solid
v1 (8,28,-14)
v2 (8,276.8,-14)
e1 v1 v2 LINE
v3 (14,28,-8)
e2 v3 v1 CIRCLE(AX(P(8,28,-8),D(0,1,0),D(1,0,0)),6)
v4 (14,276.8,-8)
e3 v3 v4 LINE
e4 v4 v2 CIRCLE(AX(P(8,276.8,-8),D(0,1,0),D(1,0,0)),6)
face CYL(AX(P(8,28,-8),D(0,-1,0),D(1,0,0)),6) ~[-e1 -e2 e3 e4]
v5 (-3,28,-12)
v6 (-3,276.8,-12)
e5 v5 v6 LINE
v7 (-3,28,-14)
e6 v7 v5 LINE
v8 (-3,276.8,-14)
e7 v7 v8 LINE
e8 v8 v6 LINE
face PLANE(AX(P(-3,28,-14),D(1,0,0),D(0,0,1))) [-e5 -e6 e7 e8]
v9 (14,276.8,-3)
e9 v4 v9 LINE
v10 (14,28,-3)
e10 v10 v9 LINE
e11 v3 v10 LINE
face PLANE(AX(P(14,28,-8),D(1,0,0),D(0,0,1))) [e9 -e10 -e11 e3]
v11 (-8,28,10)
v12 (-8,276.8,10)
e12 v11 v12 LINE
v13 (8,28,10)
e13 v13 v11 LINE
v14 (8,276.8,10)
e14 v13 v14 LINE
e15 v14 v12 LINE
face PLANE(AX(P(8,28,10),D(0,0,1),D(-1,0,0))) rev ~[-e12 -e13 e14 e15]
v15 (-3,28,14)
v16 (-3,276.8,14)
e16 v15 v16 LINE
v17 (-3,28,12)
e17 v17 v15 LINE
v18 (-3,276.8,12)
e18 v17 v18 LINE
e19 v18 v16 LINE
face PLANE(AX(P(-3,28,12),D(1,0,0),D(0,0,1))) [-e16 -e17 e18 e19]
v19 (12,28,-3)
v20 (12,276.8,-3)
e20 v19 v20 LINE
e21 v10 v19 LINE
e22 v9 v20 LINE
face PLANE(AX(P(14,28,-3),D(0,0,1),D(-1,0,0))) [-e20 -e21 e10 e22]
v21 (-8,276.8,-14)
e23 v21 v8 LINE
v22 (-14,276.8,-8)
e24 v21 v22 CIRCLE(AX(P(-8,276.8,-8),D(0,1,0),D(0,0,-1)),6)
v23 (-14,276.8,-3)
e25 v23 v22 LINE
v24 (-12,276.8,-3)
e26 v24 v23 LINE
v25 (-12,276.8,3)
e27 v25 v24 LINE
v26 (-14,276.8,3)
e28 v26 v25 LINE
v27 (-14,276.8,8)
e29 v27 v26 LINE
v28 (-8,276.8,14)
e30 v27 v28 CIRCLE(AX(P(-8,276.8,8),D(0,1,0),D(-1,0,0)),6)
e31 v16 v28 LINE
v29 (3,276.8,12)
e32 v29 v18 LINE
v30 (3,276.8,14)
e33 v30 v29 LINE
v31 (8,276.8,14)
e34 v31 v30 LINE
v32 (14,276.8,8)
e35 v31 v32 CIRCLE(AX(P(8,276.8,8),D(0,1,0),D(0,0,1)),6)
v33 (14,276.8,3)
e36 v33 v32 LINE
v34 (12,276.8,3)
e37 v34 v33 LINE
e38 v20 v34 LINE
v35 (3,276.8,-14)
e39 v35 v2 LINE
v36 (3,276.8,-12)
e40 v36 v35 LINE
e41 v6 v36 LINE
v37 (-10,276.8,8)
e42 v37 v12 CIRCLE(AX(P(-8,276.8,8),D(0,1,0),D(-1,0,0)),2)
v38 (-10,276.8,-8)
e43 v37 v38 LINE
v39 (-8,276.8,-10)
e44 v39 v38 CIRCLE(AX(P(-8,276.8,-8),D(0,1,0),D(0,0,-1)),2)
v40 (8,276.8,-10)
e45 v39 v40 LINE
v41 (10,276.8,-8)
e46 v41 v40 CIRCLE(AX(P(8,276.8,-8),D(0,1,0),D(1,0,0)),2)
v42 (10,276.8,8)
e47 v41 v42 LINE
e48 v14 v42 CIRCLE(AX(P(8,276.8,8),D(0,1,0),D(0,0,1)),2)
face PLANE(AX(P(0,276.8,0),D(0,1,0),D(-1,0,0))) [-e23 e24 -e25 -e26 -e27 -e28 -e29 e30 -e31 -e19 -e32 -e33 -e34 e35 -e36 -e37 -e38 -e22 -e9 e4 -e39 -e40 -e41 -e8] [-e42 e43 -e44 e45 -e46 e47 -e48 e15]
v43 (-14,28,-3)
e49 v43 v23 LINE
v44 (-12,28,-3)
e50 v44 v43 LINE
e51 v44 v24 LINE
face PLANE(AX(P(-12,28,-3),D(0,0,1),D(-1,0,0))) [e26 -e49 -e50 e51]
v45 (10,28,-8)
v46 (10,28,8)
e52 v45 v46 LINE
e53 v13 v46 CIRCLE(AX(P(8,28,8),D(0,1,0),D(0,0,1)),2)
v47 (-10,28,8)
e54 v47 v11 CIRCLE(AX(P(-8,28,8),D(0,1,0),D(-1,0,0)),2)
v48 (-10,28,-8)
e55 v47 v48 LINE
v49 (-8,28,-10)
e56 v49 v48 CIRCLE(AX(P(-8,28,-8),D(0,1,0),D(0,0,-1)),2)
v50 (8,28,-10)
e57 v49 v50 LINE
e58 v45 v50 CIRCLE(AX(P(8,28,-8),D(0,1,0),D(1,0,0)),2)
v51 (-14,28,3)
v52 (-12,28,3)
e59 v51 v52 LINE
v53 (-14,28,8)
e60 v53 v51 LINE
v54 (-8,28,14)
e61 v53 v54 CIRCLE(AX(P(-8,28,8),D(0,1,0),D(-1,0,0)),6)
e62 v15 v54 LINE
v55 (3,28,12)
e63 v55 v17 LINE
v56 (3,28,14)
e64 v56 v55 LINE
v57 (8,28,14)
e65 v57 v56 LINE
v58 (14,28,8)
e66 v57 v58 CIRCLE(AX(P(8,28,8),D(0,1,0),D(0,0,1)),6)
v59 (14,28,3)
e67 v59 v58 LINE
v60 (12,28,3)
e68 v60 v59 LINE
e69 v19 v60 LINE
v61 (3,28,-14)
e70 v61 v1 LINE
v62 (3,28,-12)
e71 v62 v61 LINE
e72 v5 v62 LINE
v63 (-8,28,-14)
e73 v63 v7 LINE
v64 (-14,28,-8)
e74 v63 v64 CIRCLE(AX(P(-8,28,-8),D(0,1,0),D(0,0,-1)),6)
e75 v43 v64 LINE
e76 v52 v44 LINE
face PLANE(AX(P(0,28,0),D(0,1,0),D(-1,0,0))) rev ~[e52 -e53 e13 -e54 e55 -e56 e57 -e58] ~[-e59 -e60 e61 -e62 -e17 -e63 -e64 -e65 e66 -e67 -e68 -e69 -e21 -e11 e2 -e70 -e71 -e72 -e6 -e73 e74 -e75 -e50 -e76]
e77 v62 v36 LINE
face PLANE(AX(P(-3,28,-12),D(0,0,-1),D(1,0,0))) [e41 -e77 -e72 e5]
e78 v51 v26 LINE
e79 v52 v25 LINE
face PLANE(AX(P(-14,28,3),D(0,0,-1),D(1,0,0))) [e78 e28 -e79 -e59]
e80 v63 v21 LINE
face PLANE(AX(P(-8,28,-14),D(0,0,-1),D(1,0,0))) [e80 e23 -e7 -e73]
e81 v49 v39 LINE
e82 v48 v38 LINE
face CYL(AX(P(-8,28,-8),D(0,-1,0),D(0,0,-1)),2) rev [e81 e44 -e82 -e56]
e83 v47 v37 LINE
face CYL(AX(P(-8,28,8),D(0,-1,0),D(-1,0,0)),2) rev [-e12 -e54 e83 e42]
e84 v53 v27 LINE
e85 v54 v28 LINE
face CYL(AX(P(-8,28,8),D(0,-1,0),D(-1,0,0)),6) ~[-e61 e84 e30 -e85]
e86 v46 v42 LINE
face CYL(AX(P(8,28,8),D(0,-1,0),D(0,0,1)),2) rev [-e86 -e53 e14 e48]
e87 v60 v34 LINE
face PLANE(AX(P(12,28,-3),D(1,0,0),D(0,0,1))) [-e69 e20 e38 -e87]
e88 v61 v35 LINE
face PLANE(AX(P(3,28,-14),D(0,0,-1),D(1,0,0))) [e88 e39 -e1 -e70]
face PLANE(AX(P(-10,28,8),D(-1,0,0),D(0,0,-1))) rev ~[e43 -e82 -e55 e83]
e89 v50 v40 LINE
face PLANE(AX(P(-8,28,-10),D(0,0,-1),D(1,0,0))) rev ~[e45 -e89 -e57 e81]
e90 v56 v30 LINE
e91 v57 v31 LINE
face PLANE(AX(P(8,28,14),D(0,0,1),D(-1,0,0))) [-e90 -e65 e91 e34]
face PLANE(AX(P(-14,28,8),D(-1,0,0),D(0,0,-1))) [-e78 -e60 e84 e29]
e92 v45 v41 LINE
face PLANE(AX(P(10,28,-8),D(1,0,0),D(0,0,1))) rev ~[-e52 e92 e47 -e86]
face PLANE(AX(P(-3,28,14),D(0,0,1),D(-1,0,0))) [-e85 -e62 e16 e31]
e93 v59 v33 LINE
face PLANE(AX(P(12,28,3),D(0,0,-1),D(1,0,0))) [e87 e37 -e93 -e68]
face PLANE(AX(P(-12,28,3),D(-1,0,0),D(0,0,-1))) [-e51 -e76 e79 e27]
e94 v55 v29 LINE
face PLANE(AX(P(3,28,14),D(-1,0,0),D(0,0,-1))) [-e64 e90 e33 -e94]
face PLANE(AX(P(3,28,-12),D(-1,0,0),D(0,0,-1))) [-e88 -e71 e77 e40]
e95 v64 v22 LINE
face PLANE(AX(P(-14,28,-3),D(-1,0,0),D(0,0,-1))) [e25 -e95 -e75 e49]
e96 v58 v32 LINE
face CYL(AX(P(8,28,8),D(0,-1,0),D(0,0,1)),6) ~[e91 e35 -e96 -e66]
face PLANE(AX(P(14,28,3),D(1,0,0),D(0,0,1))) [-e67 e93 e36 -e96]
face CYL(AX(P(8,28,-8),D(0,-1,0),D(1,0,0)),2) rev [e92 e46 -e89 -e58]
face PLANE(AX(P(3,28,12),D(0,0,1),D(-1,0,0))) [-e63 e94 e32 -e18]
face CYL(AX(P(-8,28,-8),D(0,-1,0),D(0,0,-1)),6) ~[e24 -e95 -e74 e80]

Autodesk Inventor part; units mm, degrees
ref_plane "Start Plane" through (0, 28, 0) normal (0, 1, 0) x (-1, 0, 0)
ref_plane "End Plane" through (0, 276.8, 0) normal (0, 1, 0) x (-1, 0, 0)
sketch "Sketch" plane through (0, 0, 0) normal (0, 1, 0) x (-1, 0, 0)
  line L0 (8, -10) -> (-8, -10)
  line L1 (-10, -8) -> (-10, 8)
  line L2 (-8, 10) -> (8, 10)
  line L3 (10, 8) -> (10, -8)
  line L4 (10, -10) -> (-10, 10) construction
  line L5 (-10, -10) -> (10, 10) construction
  line L6 (14, -14) -> (-14, 14) construction
  line L7 (-14, -14) -> (14, 14) construction
  arc A0 (8, -10) -> (10, -8) centre (8, -8) ccw
  arc A1 (-10, -8) -> (-8, -10) centre (-8, -8) ccw
  arc A2 (-8, 10) -> (-10, 8) centre (-8, 8) ccw
  arc A3 (10, 8) -> (8, 10) centre (8, 8) ccw
  arc A4 (8, -14) -> (14, -8) centre (8, -8) ccw
  arc A5 (-14, -8) -> (-8, -14) centre (-8, -8) ccw
  arc A6 (-8, 14) -> (-14, 8) centre (-8, 8) ccw
  arc A7 (14, 8) -> (8, 14) centre (8, 8) ccw
  line L8 (3, -14) -> (3, -12)
  line L9 (3, -12) -> (-3, -12)
  line L10 (-3, -12) -> (-3, -14)
  line L11 (-14, -3) -> (-12, -3)
  line L12 (-12, -3) -> (-12, 3)
  line L13 (-12, 3) -> (-14, 3)
  line L14 (-3, 14) -> (-3, 12)
  line L15 (-3, 12) -> (3, 12)
  line L16 (3, 12) -> (3, 14)
  line L17 (14, 3) -> (12, 3)
  line L18 (12, 3) -> (12, -3)
  line L19 (12, -3) -> (14, -3)
  line L20 (0, -10) -> (0, -12) construction
  line L21 (-10, 0) -> (-12, 0) construction
  line L22 (0, 10) -> (0, 12) construction
  line L23 (10, 0) -> (12, 0) construction
  line L24 (14, 8) -> (14, 3)
  line L25 (14, -3) -> (14, -8)
  line L26 (8, -14) -> (3, -14)
  line L27 (-3, -14) -> (-8, -14)
  line L28 (-14, -8) -> (-14, -3)
  line L29 (-14, 3) -> (-14, 8)
  line L30 (-8, 14) -> (-3, 14)
  line L31 (3, 14) -> (8, 14)
  point P0 (0, 0)
  dimension "d1" = 20
  dimension "d2" = 2
  dimension "d3" = 6
  dimension "d4" = 20
  dimension "d5" = 6
  dimension "d6" = 2
  dimension "d8" = 28
extrude "Body" add sketch "Sketch" along normal up to surface (248.8 mm away) from surface at 28
sketch "Sketch2" plane through (0, 0, 0) normal (0, 1, 0) x (-1, 0, 0)
  line L0 (0, 0) -> (10, 0)
ref_plane "Work Plane3" through (0, 0, 0) normal (0, 0, -1) x (-1, 0, 0)
sketch "Sketch3" plane through (0, 0, 0) normal (0, 0, -1) x (-1, 0, 0)
  line L0 (-2, 28) -> (12, 28) construction
  line L1 (-2, 276.8) -> (12, 276.8) construction
  dimension "d16" = 248.8
ref_plane "Work Plane5" through (14, 276.8, -8) normal (0, 1, 0) x (1, 0, 0)
split "Split2" plane through (14, 276.8, -8) removes the side toward (0, 1, 0)
ref_plane "Work Plane6" through (-290.8, 28, -8) normal (0, -1, 0) x (1, 0, 0)
split "Split3" plane through (-290.8, 28, -8) removes the side toward (0, -1, 0)
equation "\"G_OFFSET_START\" = -28"
equation "\"G_OFFSET_END\" = -28"
equation "\"d11\" = -G_OFFSET_START"
equation "\"d12\" = Length + G_OFFSET_END"
equation "\"G_L\" = d16"
equation "\"Length\" = 304.8"
properties part number "CE-5.2.2-PR" material "Steel, Mild"
